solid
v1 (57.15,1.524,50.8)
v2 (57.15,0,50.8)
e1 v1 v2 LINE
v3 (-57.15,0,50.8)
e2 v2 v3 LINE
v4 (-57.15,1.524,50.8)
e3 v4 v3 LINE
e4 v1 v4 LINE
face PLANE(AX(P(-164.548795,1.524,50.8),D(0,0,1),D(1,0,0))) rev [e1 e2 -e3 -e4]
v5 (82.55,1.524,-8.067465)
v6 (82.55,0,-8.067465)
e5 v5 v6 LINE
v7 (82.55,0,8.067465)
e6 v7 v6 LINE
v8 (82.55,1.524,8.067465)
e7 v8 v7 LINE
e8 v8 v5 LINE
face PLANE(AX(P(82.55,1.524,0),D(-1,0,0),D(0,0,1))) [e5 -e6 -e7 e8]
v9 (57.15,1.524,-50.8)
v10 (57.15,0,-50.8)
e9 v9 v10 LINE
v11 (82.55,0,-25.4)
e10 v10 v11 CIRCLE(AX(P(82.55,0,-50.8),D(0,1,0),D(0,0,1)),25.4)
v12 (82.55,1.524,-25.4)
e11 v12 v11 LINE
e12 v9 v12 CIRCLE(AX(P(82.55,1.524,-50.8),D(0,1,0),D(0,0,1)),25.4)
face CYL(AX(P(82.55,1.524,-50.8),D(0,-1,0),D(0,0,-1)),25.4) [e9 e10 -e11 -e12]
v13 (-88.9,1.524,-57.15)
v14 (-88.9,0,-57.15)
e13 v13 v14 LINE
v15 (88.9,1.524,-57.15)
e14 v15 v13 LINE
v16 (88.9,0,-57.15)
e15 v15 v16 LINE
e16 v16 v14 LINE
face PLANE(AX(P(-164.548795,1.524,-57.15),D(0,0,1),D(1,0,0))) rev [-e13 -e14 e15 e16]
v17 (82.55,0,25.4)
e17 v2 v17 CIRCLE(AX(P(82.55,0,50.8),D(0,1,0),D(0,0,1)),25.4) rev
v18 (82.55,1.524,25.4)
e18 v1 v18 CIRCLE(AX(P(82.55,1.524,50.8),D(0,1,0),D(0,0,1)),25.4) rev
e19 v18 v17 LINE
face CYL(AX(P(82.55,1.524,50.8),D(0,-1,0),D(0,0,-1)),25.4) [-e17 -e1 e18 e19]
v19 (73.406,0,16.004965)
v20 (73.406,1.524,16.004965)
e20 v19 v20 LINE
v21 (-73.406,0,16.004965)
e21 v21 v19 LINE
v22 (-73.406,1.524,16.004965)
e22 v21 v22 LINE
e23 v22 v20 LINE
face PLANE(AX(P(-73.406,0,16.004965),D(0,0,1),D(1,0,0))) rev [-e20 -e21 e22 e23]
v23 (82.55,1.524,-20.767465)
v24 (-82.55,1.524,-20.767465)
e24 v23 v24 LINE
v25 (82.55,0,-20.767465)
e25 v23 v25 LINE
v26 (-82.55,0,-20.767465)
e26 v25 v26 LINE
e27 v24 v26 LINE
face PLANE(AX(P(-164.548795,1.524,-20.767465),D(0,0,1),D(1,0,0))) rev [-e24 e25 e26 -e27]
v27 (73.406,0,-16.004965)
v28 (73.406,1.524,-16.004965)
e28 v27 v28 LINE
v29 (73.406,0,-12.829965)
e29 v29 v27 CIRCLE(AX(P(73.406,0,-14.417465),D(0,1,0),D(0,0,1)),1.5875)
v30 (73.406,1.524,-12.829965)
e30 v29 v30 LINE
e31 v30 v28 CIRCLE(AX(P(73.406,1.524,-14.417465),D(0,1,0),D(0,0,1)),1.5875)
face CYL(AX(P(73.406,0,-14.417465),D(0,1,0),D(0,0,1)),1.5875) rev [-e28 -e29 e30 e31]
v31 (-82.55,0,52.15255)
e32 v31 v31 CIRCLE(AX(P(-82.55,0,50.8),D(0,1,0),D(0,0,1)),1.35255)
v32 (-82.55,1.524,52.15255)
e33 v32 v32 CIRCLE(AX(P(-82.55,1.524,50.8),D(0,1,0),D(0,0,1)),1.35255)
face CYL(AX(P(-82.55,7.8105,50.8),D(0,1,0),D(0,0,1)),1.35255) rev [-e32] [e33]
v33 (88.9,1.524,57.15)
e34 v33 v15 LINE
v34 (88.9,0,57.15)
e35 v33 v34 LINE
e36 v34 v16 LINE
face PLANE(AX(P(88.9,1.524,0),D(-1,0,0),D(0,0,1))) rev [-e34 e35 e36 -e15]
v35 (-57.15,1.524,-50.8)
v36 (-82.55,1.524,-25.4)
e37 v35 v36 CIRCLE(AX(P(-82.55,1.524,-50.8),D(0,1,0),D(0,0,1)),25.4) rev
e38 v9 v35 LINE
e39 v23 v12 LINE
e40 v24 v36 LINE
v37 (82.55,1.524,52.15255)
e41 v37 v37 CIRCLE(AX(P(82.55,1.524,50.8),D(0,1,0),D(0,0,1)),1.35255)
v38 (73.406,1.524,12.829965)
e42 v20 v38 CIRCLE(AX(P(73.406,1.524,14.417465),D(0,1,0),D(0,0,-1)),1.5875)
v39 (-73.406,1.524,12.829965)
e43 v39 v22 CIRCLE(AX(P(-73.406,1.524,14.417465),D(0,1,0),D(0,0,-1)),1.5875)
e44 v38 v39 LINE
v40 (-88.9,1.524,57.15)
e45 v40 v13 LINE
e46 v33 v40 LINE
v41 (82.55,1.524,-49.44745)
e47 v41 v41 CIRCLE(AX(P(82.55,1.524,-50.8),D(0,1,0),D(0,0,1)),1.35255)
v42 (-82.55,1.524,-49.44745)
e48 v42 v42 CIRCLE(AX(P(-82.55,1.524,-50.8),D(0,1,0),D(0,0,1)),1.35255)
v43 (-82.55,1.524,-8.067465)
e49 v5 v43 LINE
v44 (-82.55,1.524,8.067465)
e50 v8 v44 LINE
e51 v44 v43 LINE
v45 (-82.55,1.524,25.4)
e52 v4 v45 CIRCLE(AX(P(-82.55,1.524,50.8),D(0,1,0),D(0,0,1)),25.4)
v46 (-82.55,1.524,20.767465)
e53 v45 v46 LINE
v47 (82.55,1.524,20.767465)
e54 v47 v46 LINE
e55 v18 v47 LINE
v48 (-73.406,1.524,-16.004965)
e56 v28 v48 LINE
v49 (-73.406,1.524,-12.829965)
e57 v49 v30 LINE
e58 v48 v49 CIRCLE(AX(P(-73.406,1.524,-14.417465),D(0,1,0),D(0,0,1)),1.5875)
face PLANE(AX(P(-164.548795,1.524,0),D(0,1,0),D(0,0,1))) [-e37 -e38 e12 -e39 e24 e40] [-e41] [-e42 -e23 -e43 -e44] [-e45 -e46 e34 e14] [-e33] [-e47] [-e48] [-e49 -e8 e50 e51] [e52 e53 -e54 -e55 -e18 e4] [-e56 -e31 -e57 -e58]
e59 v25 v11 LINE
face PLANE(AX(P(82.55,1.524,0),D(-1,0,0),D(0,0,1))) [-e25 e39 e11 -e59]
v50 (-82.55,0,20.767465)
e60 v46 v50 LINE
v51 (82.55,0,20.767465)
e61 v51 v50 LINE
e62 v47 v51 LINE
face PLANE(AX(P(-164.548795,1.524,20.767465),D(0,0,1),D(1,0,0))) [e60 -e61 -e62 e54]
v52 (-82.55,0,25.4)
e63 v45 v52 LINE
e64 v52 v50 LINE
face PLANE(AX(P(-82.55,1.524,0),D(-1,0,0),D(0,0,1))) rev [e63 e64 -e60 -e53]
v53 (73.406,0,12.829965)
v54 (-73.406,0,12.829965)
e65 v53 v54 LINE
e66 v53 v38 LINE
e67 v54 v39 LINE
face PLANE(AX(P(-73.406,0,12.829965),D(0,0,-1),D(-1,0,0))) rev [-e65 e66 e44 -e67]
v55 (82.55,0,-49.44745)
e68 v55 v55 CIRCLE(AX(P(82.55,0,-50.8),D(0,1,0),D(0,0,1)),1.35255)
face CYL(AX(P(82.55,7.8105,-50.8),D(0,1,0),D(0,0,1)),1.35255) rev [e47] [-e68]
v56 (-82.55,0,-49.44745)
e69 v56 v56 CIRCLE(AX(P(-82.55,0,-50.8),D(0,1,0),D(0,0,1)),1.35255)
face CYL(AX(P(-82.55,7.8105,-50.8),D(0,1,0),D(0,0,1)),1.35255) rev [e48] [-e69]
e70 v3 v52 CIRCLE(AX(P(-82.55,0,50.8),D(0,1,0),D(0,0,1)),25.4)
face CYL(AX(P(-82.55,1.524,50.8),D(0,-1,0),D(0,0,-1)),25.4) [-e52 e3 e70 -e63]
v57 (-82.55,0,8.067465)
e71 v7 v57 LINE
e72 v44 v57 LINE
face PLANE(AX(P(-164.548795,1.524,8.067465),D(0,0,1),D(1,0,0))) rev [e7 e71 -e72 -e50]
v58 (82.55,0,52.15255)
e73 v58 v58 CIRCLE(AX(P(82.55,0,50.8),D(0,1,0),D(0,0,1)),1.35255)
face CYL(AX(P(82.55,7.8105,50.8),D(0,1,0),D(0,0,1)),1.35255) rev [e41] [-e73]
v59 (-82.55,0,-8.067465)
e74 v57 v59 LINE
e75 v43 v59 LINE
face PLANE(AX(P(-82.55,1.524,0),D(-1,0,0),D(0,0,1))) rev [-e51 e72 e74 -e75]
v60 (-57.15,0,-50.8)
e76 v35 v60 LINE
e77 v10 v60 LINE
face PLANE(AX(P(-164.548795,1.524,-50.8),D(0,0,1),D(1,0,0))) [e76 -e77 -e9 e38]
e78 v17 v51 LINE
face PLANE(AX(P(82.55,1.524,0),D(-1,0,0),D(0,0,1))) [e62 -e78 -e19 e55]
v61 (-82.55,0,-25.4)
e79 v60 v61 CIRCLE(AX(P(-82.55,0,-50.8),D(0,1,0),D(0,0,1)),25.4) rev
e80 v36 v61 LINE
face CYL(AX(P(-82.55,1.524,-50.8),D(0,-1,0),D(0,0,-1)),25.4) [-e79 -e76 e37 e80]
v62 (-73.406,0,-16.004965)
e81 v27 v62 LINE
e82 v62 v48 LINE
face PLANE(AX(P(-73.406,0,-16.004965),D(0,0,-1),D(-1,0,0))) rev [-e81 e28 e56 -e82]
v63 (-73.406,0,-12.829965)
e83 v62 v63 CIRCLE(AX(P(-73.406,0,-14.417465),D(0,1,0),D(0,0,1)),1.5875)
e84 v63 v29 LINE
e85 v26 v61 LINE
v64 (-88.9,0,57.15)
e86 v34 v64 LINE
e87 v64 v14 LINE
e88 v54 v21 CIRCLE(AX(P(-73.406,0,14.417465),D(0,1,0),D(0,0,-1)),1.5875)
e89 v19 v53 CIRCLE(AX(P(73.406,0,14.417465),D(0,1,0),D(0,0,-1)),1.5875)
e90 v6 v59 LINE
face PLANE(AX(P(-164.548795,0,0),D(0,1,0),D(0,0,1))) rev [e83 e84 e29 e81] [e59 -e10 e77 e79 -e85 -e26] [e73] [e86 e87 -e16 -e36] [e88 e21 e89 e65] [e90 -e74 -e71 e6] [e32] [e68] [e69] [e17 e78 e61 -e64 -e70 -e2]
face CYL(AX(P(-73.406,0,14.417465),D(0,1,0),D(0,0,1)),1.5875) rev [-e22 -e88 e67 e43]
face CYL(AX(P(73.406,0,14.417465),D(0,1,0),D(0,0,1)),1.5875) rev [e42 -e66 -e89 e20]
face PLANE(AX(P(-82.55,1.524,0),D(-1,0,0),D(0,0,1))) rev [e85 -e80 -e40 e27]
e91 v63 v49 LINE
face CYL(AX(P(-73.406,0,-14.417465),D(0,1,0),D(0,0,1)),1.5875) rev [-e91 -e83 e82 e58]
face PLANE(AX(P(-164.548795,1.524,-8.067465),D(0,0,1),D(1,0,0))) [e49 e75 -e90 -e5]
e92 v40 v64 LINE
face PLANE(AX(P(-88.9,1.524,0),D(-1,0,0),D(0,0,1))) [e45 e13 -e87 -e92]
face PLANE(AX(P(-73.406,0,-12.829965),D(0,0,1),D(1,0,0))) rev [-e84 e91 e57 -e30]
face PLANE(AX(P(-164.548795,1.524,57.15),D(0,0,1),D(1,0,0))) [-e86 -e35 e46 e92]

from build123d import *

# Parameters (mm, degrees)
SKETCH1_W             = 177.8
SKETCH1_H             = 114.3
SKETCH1_W_2           = 165.1
SKETCH1_H_2           = 16.134929366
BOSS_EXTRUDE1_DEPTH   = 1.524
CUT_EXTRUDE1_DEPTH    = 2.524
F_6_32_TAPPED_HOLE1_D = 2.7051
F_6_32_TAPPED_HOLE2_D = 2.7051


with BuildPart() as part:
    # Sketch1 → Boss-Extrude1 (new body)
    with BuildSketch(Plane(origin=(0, 0, 0), x_dir=(1, 0, 0), z_dir=(0, 1, 0))):
        Rectangle(SKETCH1_W, SKETCH1_H)
        with BuildLine():
            Line((-82.55, -25.4), (-82.55, -20.767464683))
            Line((-82.55, -20.767464683), (82.55, -20.767464683))
            Line((82.55, -20.767464683), (82.55, -25.4))
            ThreePointArc((82.55, -25.4), (64.589487758, -32.839487758), (57.15, -50.8))
            Line((57.15, -50.8), (-57.15, -50.8))
            ThreePointArc((-57.15, -50.8), (-64.589487758, -32.839487758), (-82.55, -25.4))
        make_face(mode=Mode.SUBTRACT)
        Rectangle(SKETCH1_W_2, SKETCH1_H_2, mode=Mode.SUBTRACT)
        with BuildLine():
            Line((82.55, 20.767464683), (-82.55, 20.767464683))
            Line((-82.55, 20.767464683), (-82.55, 25.4))
            ThreePointArc((-82.55, 25.4), (-64.589487758, 32.839487758), (-57.15, 50.8))
            Line((-57.15, 50.8), (57.15, 50.8))
            ThreePointArc((57.15, 50.8), (64.589487758, 32.839487758), (82.55, 25.4))
            Line((82.55, 25.4), (82.55, 20.767464683))
        make_face(mode=Mode.SUBTRACT)
    extrude(amount=BOSS_EXTRUDE1_DEPTH)

    # Sketch3 → Cut-Extrude1 (cut, through all)
    with BuildSketch(Plane(origin=(0, 1.524, 0), x_dir=(1, 0, 0), z_dir=(0, 1, 0))):
        with BuildLine():
            Line((-73.406, 16.004964683), (73.406, 16.004964683))
            ThreePointArc((73.406, 16.004964683), (74.9935, 14.417464683), (73.406, 12.829964683))
            Line((73.406, 12.829964683), (-73.406, 12.829964683))
            ThreePointArc((-73.406, 12.829964683), (-74.9935, 14.417464683), (-73.406, 16.004964683))
        make_face()
        with BuildLine():
            Line((-73.406, -16.004964683), (73.406, -16.004964683))
            ThreePointArc((73.406, -16.004964683), (74.9935, -14.417464683), (73.406, -12.829964683))
            Line((73.406, -12.829964683), (-73.406, -12.829964683))
            ThreePointArc((-73.406, -12.829964683), (-74.9935, -14.417464683), (-73.406, -16.004964683))
        make_face()
    extrude(amount=-CUT_EXTRUDE1_DEPTH, mode=Mode.SUBTRACT)

    # #6-32 Tapped Hole1 (through all)
    with Locations(Plane(origin=(0, 7.8105, 0), x_dir=(-1, 0, 0), z_dir=(0, 1, 0))):
        with Locations((82.55, -50.8), (82.55, 50.8), (-82.55, 50.8), (-82.55, -50.8)):
            Hole(F_6_32_TAPPED_HOLE1_D / 2)

    # #6-32 Tapped Hole2 (through all)
    with Locations(Plane(origin=(0, 1.524, 0), x_dir=(-1, 0, 0), z_dir=(0, 1, 0))):
        with Locations((82.55, -50.8), (82.55, 50.8), (-82.55, 50.8), (-82.55, -50.8)):
            Hole(F_6_32_TAPPED_HOLE2_D / 2)


solid = part.part
